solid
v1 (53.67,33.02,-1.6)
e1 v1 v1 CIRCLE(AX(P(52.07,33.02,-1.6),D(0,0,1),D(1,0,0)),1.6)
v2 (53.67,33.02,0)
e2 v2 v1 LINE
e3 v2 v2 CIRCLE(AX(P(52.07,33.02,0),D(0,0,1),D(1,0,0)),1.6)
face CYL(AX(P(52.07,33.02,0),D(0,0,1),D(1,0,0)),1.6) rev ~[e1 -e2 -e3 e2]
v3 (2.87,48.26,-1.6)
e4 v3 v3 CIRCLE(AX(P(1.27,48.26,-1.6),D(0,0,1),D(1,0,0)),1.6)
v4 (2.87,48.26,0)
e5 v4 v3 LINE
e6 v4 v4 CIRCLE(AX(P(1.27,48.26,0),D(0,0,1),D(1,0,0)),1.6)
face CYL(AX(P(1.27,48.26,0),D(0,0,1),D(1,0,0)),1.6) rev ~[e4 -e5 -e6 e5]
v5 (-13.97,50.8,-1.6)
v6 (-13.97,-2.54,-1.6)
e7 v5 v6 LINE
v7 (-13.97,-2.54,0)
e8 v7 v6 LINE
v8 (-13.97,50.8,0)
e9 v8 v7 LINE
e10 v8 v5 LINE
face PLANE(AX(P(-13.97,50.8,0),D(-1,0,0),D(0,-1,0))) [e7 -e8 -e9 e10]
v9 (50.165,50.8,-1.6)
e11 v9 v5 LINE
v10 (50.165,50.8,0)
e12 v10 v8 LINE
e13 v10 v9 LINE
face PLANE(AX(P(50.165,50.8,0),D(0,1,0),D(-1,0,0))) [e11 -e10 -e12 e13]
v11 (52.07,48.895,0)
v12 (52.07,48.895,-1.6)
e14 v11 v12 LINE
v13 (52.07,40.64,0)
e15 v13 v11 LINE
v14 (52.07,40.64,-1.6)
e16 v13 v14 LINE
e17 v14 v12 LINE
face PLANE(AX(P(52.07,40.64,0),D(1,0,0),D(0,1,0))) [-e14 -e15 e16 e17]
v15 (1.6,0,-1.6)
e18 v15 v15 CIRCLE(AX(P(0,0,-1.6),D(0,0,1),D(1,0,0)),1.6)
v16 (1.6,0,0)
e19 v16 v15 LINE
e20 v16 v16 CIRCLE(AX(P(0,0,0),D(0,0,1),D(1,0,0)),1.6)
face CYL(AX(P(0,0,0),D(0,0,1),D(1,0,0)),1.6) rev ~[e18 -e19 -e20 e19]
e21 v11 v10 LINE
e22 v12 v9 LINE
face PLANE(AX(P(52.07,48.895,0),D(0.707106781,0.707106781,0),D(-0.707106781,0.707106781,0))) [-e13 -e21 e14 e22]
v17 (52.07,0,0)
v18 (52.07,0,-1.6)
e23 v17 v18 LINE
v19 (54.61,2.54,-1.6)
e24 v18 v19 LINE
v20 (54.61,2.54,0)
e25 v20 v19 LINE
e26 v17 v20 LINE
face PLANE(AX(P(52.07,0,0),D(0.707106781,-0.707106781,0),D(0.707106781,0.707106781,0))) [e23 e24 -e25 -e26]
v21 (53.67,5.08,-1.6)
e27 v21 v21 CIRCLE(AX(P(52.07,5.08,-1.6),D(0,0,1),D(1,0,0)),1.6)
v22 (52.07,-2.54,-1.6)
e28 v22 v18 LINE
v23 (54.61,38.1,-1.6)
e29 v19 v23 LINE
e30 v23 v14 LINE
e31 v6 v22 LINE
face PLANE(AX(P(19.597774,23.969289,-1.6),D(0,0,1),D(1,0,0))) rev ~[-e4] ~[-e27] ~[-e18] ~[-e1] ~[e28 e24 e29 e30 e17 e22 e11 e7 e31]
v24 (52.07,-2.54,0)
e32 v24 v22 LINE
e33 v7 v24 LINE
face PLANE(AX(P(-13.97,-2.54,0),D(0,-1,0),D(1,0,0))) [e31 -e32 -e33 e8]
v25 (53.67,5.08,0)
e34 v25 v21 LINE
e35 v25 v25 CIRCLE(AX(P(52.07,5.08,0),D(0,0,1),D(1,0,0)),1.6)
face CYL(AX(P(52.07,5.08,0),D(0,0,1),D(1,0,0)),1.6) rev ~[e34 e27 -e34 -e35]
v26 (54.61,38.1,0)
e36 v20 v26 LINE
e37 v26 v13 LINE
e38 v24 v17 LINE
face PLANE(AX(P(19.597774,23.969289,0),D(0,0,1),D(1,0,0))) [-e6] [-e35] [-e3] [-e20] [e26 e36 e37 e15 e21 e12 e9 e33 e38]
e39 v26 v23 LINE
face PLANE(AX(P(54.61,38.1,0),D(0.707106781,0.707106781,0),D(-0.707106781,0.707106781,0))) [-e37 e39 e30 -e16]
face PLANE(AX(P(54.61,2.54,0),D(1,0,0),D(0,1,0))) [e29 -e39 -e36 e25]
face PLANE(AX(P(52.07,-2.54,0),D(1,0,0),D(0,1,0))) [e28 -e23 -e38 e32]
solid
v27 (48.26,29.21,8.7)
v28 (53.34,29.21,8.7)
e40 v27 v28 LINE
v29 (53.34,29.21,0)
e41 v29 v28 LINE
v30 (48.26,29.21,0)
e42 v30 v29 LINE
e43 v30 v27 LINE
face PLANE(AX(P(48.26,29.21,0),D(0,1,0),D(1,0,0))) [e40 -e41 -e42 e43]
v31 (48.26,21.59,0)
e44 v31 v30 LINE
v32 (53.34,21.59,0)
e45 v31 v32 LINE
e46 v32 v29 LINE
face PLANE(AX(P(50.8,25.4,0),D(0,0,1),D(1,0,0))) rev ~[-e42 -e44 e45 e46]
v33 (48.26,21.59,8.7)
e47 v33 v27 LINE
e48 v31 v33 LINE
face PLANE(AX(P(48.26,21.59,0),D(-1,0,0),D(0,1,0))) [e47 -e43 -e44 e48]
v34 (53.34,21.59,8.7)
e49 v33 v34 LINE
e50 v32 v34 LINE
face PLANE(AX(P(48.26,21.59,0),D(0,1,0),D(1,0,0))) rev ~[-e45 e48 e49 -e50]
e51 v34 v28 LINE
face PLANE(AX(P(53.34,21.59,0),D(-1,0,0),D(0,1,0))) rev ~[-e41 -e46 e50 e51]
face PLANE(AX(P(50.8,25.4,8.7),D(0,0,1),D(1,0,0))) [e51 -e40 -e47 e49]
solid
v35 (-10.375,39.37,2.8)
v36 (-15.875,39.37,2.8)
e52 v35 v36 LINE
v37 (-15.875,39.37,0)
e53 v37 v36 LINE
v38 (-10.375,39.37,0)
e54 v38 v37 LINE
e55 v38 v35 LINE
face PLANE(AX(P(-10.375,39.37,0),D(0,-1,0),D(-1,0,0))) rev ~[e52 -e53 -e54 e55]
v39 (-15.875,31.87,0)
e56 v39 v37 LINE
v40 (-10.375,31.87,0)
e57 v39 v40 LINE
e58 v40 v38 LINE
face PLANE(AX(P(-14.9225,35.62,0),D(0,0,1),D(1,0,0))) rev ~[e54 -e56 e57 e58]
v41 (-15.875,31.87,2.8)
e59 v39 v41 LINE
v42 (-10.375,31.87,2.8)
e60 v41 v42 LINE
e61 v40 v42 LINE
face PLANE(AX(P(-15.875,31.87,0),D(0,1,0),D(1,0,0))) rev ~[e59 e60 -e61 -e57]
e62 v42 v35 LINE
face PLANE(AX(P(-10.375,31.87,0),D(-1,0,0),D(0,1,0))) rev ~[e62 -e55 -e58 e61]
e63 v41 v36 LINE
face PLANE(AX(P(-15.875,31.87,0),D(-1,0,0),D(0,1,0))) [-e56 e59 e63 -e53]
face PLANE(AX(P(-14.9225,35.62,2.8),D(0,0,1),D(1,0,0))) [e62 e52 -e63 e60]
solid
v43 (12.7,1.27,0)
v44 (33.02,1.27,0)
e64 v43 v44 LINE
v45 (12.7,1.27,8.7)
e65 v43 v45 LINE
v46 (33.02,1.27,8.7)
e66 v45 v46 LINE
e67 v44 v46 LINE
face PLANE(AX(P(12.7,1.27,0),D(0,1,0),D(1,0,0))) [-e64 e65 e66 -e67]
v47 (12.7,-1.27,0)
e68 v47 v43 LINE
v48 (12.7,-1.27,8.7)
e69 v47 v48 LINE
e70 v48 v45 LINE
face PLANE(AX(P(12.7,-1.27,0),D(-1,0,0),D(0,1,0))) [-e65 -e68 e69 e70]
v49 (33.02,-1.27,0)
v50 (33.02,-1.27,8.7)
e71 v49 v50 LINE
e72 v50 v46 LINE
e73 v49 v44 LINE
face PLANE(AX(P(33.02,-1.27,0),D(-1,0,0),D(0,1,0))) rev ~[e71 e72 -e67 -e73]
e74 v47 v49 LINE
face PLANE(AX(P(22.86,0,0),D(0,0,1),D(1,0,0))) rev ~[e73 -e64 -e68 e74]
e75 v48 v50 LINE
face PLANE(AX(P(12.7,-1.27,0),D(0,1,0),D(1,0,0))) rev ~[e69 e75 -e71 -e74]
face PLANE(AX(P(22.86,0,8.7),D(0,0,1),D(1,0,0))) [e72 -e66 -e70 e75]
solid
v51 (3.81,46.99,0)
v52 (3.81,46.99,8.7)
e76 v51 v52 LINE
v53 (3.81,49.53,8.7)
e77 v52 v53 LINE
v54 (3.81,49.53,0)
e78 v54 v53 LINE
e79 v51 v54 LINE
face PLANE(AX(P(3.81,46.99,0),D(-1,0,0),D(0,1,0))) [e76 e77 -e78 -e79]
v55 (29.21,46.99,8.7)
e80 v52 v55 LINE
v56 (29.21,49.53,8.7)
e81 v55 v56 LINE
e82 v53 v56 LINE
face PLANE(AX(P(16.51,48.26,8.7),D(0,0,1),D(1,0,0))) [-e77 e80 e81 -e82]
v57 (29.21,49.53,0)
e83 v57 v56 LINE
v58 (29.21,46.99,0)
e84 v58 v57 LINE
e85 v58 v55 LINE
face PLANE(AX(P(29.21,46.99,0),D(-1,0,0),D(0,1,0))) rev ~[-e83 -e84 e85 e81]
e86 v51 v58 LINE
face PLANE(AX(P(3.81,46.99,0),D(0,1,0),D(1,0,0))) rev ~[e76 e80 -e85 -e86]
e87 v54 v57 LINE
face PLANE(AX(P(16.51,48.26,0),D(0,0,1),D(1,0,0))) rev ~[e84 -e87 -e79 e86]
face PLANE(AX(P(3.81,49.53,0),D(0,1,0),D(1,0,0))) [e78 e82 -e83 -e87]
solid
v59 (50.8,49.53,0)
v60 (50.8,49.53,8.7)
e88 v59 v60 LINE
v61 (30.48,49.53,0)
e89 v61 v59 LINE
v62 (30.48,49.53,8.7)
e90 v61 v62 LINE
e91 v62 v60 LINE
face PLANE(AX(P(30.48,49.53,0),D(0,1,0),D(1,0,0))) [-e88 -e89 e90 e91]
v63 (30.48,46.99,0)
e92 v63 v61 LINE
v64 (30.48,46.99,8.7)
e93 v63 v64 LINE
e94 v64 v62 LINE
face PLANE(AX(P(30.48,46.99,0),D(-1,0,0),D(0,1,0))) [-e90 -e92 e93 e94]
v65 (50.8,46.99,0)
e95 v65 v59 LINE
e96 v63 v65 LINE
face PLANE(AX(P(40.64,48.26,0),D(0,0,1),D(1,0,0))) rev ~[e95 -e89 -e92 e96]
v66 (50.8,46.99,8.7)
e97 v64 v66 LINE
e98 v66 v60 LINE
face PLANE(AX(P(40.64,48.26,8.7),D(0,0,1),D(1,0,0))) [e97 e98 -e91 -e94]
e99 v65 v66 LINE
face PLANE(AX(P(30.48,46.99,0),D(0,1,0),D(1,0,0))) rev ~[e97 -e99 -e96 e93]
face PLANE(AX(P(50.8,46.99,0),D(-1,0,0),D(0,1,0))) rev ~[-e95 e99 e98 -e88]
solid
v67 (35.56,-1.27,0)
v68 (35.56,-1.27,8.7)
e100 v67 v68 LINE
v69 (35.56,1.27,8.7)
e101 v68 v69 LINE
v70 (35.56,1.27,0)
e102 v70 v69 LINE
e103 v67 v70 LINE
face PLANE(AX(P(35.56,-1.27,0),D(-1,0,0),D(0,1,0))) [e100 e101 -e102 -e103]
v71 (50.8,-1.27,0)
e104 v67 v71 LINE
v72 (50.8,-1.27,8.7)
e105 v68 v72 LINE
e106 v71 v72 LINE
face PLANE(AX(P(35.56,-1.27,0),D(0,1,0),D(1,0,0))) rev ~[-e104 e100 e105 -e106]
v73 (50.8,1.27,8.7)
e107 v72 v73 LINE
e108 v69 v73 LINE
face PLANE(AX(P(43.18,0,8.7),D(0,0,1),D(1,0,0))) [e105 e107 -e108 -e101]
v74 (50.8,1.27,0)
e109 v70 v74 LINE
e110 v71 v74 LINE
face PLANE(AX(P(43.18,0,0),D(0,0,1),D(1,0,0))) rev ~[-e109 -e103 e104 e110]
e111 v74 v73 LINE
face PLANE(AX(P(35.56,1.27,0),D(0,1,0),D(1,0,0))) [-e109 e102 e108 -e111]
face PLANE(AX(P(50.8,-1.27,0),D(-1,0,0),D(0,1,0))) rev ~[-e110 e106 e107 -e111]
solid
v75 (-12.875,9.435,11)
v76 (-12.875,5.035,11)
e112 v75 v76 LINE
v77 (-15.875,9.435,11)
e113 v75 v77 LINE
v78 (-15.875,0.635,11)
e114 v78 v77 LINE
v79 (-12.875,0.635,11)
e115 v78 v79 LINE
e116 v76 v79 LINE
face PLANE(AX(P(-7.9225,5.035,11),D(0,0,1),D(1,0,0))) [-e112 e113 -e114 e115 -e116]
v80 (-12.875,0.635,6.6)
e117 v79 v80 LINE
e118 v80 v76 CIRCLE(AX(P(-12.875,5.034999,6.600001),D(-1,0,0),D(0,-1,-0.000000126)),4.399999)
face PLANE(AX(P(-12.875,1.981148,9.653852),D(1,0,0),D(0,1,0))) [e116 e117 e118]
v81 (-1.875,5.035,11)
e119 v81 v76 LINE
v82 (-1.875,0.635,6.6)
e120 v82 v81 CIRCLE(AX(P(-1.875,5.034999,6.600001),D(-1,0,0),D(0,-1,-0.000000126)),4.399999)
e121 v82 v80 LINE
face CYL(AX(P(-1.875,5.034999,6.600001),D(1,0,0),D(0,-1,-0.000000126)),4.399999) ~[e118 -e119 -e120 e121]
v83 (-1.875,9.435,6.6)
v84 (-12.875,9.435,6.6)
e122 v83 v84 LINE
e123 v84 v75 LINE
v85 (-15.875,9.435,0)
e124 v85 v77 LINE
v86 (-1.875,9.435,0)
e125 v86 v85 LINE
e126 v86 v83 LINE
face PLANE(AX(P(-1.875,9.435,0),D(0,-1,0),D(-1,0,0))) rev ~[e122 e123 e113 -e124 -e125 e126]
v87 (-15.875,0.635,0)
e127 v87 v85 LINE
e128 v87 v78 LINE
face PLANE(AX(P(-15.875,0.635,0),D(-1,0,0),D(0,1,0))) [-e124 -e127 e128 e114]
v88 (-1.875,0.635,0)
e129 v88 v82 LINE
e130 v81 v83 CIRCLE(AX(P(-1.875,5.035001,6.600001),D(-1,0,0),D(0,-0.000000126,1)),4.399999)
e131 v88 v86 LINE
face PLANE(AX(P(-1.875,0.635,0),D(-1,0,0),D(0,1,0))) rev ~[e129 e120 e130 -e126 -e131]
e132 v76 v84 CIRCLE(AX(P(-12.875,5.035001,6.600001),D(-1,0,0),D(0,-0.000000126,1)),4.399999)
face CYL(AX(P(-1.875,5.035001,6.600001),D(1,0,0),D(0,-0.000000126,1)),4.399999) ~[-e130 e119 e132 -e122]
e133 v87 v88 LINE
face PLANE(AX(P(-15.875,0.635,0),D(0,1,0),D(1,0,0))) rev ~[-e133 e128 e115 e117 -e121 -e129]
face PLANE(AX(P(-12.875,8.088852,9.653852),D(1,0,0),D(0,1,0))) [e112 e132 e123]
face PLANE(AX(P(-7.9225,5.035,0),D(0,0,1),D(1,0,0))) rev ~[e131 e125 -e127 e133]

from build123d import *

# Parameters (mm, degrees)
F0_R     = 1.6
F1_DEPTH = 1.6
F2_W     = 25.4
F2_H     = 2.54
F2_W_2   = 20.32
F2_W_3   = 15.24
F2_W_4   = 5.08
F2_H_2   = 7.62
F3_DEPTH = 8.7
F2_W_5   = 1.905
F2_H_3   = 7.5
F2_W_6   = 3.595
F4_DEPTH = 2.8
F2_W_7   = 12.095
F2_H_4   = 8.8
F5_DEPTH = 11
F7_DEPTH = 11


with BuildPart() as f1:
    # F0 (on Top) → F1 (new body)
    with BuildSketch(Plane.XY):
        Polygon((50.165, 50.8), (-13.97, 50.8), (-13.97, -2.54), (52.07, -2.54), (52.07, 0), (54.61, 2.54), (54.61, 38.1), (52.07, 40.64), (52.07, 48.895), align=None)
        Circle(F0_R, mode=Mode.SUBTRACT)
        with Locations((52.07, 5.08)):
            Circle(F0_R, mode=Mode.SUBTRACT)
        with Locations((1.27, 48.26)):
            Circle(F0_R, mode=Mode.SUBTRACT)
        with Locations((52.07, 33.02)):
            Circle(F0_R, mode=Mode.SUBTRACT)
    extrude(amount=-F1_DEPTH)


with BuildPart() as f3:
    # F2 (on face) → F3 (new body)
    with BuildSketch(Plane.XY):
        with Locations((16.51, 48.26)):
            Rectangle(F2_W, F2_H)
        with Locations((40.64, 48.26)):
            Rectangle(F2_W_2, F2_H)
        with Locations((43.18, 0)):
            Rectangle(F2_W_3, F2_H)
        with Locations((22.86, 0)):
            Rectangle(F2_W_2, F2_H)
        with Locations((50.8, 25.4)):
            Rectangle(F2_W_4, F2_H_2)
    extrude(amount=F3_DEPTH)


with BuildPart() as f4:
    # F2 (on face) → F4 (new body)
    with BuildSketch(Plane.XY):
        with Locations((-14.9225, 35.62)):
            Rectangle(F2_W_5, F2_H_3)
        with Locations((-12.1725, 35.62)):
            Rectangle(F2_W_6, F2_H_3)
    extrude(amount=F4_DEPTH)


with BuildPart() as f5:
    # F2 (on face) → F5 (new body)
    with BuildSketch(Plane.XY):
        with Locations((-7.9225, 5.035)):
            Rectangle(F2_W_7, F2_H_4)
        with Locations((-14.9225, 5.035)):
            Rectangle(F2_W_5, F2_H_4)
    extrude(amount=F5_DEPTH)

    # F6 (on face) → F7 (cut)
    with BuildSketch(Plane.YZ.offset(-1.875)):
        with BuildLine():
            ThreePointArc((5.035, 11), (8.14627, 9.71127), (9.435, 6.6))
            Line((9.435, 6.6), (9.435, 11))
            Line((9.435, 11), (5.035, 11))
        make_face()
        with BuildLine():
            ThreePointArc((0.635, 6.6), (1.92373, 9.71127), (5.035, 11))
            Line((5.035, 11), (0.635, 11))
            Line((0.635, 11), (0.635, 6.6))
        make_face()
    extrude(amount=-F7_DEPTH, mode=Mode.SUBTRACT)


solid = Compound([f1.part, f3.part, f4.part, f5.part])
